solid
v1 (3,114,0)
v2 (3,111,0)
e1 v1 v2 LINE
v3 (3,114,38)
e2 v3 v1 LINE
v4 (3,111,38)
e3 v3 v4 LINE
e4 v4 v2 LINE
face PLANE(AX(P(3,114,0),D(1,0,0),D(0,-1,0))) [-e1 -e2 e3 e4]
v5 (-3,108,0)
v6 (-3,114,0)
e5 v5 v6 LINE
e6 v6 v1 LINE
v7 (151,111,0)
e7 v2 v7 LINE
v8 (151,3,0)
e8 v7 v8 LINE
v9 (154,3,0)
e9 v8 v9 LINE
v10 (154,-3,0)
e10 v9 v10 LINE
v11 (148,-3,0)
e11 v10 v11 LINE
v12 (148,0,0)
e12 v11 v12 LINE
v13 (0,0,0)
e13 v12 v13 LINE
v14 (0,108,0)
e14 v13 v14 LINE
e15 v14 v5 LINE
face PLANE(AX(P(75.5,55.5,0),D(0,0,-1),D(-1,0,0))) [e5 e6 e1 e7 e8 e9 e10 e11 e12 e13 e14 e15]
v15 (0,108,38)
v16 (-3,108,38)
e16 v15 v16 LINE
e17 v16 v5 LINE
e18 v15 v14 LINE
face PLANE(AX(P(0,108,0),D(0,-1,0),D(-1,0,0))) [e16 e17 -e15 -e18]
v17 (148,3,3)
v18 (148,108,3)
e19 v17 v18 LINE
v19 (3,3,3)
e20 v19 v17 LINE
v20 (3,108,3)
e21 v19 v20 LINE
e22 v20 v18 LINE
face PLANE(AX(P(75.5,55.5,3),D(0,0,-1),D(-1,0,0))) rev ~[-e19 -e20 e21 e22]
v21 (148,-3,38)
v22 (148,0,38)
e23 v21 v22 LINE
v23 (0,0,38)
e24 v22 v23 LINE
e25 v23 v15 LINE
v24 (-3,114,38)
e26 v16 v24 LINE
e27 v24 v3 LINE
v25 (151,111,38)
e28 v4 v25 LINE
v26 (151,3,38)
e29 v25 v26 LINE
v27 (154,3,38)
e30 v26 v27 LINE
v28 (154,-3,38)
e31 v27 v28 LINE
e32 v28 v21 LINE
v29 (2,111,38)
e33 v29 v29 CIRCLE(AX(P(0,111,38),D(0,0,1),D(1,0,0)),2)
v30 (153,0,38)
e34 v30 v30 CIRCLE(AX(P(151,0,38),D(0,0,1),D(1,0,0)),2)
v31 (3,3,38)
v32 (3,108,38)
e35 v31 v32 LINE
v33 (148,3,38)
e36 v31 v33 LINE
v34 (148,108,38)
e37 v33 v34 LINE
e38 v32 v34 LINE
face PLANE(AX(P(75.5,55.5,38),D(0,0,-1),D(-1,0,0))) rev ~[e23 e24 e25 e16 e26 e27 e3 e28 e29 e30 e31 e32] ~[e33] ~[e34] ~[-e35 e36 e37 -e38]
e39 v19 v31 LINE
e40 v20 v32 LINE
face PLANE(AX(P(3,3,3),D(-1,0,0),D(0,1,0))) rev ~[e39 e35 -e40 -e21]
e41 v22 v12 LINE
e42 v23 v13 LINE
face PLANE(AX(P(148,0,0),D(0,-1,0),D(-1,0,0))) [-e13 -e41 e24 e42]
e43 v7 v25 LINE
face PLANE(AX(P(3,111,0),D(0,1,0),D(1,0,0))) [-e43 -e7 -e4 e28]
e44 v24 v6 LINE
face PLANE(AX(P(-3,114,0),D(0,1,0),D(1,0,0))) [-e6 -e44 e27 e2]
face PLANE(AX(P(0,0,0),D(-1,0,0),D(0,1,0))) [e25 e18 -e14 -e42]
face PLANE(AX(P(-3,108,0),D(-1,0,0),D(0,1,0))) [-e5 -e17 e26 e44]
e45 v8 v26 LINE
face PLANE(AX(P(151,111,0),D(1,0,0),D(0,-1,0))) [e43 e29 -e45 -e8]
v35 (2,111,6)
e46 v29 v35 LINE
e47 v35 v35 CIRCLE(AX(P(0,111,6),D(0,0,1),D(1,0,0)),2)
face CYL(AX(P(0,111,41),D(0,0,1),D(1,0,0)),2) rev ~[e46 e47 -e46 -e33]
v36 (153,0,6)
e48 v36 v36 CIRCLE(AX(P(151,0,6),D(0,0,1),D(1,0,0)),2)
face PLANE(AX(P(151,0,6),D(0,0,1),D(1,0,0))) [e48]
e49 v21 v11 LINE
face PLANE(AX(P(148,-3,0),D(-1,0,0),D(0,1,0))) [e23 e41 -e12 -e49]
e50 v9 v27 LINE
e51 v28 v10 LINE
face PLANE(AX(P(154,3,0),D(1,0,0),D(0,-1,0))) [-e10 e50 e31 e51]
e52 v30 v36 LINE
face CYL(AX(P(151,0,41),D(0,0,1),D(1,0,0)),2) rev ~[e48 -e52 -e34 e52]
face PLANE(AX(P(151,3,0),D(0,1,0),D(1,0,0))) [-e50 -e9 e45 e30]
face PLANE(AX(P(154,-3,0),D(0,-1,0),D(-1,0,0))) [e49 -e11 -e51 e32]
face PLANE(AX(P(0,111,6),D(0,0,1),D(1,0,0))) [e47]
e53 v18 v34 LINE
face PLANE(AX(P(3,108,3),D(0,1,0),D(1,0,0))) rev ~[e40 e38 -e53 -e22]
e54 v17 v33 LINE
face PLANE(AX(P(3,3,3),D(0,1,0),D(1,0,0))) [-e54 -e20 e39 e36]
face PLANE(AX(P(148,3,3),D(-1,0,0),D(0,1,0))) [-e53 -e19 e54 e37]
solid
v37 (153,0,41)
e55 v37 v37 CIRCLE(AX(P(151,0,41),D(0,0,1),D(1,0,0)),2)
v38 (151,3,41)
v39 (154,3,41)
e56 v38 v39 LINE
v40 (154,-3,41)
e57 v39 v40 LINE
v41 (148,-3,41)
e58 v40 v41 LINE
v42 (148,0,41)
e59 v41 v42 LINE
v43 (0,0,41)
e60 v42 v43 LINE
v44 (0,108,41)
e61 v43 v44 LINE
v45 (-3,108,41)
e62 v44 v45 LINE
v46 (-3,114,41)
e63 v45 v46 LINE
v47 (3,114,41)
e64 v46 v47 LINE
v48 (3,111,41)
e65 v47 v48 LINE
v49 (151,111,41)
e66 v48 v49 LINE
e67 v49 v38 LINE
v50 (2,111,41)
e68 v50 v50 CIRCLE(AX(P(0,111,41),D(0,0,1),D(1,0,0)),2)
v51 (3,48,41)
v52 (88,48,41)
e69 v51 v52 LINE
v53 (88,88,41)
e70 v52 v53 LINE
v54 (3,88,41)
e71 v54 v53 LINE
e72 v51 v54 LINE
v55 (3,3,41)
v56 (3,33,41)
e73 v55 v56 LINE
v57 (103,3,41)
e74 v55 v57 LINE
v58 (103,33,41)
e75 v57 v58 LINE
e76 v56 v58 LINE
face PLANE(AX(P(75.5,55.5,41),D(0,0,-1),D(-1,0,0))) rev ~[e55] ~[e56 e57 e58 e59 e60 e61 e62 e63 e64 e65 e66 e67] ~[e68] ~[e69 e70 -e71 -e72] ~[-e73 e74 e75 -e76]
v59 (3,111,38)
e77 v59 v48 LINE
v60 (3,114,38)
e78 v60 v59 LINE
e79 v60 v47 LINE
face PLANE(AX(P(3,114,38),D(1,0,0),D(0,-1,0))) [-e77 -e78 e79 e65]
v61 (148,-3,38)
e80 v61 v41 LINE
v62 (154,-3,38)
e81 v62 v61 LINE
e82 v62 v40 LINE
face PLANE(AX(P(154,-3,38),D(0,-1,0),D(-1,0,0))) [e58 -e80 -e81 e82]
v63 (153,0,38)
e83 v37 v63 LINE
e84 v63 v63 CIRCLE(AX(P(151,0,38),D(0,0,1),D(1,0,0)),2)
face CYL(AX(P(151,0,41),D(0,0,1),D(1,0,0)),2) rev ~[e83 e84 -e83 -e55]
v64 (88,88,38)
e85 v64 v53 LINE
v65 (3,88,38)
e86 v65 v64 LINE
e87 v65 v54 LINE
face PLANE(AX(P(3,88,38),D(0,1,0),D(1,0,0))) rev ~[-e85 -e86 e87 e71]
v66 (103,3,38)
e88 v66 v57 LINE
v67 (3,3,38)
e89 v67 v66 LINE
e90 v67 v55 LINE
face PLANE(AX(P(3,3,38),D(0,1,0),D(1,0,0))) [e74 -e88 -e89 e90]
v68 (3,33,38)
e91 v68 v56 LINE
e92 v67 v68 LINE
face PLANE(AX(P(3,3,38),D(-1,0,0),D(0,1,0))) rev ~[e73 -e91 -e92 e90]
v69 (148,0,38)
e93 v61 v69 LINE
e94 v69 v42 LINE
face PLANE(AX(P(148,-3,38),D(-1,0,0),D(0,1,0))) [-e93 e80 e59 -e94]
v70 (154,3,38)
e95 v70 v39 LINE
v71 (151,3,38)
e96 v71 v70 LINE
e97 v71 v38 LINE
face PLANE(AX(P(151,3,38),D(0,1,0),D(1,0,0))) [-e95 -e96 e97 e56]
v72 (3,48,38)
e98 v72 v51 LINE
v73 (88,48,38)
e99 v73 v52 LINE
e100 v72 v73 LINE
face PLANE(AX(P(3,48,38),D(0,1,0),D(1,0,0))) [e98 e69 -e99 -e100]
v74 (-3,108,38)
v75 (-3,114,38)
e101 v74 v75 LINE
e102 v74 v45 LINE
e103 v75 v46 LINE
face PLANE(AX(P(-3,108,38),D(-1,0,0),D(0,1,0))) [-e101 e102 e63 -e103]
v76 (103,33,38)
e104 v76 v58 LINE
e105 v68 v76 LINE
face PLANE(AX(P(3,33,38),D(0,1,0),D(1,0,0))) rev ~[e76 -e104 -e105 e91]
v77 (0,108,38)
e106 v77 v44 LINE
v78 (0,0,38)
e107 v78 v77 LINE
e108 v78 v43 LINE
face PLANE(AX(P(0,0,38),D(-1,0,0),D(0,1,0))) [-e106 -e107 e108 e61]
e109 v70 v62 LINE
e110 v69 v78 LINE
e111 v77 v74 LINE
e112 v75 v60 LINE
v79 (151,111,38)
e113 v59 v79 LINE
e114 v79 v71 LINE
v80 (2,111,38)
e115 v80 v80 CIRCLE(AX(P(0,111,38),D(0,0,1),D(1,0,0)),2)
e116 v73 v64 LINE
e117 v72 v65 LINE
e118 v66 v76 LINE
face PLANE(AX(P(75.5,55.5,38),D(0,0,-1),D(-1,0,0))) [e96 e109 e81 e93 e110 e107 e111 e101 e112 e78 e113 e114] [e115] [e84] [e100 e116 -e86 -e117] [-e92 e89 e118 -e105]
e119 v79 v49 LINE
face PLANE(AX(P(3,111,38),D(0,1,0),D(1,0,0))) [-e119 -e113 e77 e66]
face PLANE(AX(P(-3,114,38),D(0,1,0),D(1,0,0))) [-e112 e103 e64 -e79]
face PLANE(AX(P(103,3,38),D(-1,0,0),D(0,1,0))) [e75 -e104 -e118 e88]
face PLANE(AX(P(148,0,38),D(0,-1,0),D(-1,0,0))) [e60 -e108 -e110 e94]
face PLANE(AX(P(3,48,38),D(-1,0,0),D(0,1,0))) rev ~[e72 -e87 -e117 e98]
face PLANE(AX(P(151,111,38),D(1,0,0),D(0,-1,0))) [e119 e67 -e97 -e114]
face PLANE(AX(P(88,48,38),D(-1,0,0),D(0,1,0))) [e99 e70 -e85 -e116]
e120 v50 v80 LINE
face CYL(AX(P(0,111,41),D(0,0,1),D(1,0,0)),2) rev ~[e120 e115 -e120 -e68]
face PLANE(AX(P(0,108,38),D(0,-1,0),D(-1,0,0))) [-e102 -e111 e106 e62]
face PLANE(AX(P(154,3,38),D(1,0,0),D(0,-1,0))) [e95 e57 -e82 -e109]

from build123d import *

# Parameters (mm, degrees)
SKETCH003_R      = 2
EXTRUDE003_DEPTH = 35
SKETCH002_W      = 100
SKETCH002_H      = 30
SKETCH002_W_2    = 85
SKETCH002_H_2    = 40
EXTRUDE002_DEPTH = 3
EXTRUDE_DEPTH    = 3
EXTRUDE004_DEPTH = 35
SKETCH001_W      = 145
SKETCH001_H      = 105
EXTRUDE001_DEPTH = 35


with BuildPart() as screwstop:
    # Sketch003 (on Face22 of Extrude002) → Extrude003 (new body)
    with BuildSketch(Plane.XY.offset(41)):
        with Locations((151, 0)):
            Circle(SKETCH003_R)
        with Locations((0, 111)):
            Circle(SKETCH003_R)
    extrude(amount=-EXTRUDE003_DEPTH)


with BuildPart() as topwithscrews:
    # Sketch002 (on Face18 of Extrude001) → Extrude002 (new body)
    with BuildSketch(Plane.XY.offset(38)):
        Polygon((154, 3), (154, -3), (148, -3), (148, 0), (0, 0), (0, 108), (-3, 108), (-3, 114), (3, 114), (3, 111), (151, 111), (151, 3), align=None)
        with Locations((53, 18)):
            Rectangle(SKETCH002_W, SKETCH002_H, mode=Mode.SUBTRACT)
        with Locations((45.5, 68)):
            Rectangle(SKETCH002_W_2, SKETCH002_H_2, mode=Mode.SUBTRACT)
    extrude(amount=EXTRUDE002_DEPTH)

    # Cut: cut ScrewsTop
    add(screwstop.part, mode=Mode.SUBTRACT)


with BuildPart() as base:
    # Sketch → Extrude (new body)
    with BuildSketch(Plane.XY):
        Polygon((154, 3), (154, -3), (148, -3), (148, 0), (0, 0), (0, 108), (-3, 108), (-3, 114), (3, 114), (3, 111), (151, 111), (151, 3), align=None)
    extrude(amount=EXTRUDE_DEPTH)


with BuildPart() as screwswalls:
    # Sketch003 (on Face22 of Extrude002) → Extrude004 (new body)
    with BuildSketch(Plane.XY.offset(41)):
        with Locations((151, 0)):
            Circle(SKETCH003_R)
        with Locations((0, 111)):
            Circle(SKETCH003_R)
    extrude(amount=-EXTRUDE004_DEPTH)


with BuildPart() as basewallsscrews:
    # Sketch001 (on Face14 of Extrude) → Extrude001 (new body)
    with BuildSketch(Plane.XY.offset(3)):
        Polygon((154, 3), (154, -3), (148, -3), (148, 0), (0, 0), (0, 108), (-3, 108), (-3, 114), (3, 114), (3, 111), (151, 111), (151, 3), align=None)
        with Locations((75.5, 55.5)):
            Rectangle(SKETCH001_W, SKETCH001_H, mode=Mode.SUBTRACT)
    extrude(amount=EXTRUDE001_DEPTH)

    # Cut001: cut ScrewsWalls
    add(screwswalls.part, mode=Mode.SUBTRACT)

    # Fusion: union Base
    add(base.part)


solid = Compound([topwithscrews.part, basewallsscrews.part])
